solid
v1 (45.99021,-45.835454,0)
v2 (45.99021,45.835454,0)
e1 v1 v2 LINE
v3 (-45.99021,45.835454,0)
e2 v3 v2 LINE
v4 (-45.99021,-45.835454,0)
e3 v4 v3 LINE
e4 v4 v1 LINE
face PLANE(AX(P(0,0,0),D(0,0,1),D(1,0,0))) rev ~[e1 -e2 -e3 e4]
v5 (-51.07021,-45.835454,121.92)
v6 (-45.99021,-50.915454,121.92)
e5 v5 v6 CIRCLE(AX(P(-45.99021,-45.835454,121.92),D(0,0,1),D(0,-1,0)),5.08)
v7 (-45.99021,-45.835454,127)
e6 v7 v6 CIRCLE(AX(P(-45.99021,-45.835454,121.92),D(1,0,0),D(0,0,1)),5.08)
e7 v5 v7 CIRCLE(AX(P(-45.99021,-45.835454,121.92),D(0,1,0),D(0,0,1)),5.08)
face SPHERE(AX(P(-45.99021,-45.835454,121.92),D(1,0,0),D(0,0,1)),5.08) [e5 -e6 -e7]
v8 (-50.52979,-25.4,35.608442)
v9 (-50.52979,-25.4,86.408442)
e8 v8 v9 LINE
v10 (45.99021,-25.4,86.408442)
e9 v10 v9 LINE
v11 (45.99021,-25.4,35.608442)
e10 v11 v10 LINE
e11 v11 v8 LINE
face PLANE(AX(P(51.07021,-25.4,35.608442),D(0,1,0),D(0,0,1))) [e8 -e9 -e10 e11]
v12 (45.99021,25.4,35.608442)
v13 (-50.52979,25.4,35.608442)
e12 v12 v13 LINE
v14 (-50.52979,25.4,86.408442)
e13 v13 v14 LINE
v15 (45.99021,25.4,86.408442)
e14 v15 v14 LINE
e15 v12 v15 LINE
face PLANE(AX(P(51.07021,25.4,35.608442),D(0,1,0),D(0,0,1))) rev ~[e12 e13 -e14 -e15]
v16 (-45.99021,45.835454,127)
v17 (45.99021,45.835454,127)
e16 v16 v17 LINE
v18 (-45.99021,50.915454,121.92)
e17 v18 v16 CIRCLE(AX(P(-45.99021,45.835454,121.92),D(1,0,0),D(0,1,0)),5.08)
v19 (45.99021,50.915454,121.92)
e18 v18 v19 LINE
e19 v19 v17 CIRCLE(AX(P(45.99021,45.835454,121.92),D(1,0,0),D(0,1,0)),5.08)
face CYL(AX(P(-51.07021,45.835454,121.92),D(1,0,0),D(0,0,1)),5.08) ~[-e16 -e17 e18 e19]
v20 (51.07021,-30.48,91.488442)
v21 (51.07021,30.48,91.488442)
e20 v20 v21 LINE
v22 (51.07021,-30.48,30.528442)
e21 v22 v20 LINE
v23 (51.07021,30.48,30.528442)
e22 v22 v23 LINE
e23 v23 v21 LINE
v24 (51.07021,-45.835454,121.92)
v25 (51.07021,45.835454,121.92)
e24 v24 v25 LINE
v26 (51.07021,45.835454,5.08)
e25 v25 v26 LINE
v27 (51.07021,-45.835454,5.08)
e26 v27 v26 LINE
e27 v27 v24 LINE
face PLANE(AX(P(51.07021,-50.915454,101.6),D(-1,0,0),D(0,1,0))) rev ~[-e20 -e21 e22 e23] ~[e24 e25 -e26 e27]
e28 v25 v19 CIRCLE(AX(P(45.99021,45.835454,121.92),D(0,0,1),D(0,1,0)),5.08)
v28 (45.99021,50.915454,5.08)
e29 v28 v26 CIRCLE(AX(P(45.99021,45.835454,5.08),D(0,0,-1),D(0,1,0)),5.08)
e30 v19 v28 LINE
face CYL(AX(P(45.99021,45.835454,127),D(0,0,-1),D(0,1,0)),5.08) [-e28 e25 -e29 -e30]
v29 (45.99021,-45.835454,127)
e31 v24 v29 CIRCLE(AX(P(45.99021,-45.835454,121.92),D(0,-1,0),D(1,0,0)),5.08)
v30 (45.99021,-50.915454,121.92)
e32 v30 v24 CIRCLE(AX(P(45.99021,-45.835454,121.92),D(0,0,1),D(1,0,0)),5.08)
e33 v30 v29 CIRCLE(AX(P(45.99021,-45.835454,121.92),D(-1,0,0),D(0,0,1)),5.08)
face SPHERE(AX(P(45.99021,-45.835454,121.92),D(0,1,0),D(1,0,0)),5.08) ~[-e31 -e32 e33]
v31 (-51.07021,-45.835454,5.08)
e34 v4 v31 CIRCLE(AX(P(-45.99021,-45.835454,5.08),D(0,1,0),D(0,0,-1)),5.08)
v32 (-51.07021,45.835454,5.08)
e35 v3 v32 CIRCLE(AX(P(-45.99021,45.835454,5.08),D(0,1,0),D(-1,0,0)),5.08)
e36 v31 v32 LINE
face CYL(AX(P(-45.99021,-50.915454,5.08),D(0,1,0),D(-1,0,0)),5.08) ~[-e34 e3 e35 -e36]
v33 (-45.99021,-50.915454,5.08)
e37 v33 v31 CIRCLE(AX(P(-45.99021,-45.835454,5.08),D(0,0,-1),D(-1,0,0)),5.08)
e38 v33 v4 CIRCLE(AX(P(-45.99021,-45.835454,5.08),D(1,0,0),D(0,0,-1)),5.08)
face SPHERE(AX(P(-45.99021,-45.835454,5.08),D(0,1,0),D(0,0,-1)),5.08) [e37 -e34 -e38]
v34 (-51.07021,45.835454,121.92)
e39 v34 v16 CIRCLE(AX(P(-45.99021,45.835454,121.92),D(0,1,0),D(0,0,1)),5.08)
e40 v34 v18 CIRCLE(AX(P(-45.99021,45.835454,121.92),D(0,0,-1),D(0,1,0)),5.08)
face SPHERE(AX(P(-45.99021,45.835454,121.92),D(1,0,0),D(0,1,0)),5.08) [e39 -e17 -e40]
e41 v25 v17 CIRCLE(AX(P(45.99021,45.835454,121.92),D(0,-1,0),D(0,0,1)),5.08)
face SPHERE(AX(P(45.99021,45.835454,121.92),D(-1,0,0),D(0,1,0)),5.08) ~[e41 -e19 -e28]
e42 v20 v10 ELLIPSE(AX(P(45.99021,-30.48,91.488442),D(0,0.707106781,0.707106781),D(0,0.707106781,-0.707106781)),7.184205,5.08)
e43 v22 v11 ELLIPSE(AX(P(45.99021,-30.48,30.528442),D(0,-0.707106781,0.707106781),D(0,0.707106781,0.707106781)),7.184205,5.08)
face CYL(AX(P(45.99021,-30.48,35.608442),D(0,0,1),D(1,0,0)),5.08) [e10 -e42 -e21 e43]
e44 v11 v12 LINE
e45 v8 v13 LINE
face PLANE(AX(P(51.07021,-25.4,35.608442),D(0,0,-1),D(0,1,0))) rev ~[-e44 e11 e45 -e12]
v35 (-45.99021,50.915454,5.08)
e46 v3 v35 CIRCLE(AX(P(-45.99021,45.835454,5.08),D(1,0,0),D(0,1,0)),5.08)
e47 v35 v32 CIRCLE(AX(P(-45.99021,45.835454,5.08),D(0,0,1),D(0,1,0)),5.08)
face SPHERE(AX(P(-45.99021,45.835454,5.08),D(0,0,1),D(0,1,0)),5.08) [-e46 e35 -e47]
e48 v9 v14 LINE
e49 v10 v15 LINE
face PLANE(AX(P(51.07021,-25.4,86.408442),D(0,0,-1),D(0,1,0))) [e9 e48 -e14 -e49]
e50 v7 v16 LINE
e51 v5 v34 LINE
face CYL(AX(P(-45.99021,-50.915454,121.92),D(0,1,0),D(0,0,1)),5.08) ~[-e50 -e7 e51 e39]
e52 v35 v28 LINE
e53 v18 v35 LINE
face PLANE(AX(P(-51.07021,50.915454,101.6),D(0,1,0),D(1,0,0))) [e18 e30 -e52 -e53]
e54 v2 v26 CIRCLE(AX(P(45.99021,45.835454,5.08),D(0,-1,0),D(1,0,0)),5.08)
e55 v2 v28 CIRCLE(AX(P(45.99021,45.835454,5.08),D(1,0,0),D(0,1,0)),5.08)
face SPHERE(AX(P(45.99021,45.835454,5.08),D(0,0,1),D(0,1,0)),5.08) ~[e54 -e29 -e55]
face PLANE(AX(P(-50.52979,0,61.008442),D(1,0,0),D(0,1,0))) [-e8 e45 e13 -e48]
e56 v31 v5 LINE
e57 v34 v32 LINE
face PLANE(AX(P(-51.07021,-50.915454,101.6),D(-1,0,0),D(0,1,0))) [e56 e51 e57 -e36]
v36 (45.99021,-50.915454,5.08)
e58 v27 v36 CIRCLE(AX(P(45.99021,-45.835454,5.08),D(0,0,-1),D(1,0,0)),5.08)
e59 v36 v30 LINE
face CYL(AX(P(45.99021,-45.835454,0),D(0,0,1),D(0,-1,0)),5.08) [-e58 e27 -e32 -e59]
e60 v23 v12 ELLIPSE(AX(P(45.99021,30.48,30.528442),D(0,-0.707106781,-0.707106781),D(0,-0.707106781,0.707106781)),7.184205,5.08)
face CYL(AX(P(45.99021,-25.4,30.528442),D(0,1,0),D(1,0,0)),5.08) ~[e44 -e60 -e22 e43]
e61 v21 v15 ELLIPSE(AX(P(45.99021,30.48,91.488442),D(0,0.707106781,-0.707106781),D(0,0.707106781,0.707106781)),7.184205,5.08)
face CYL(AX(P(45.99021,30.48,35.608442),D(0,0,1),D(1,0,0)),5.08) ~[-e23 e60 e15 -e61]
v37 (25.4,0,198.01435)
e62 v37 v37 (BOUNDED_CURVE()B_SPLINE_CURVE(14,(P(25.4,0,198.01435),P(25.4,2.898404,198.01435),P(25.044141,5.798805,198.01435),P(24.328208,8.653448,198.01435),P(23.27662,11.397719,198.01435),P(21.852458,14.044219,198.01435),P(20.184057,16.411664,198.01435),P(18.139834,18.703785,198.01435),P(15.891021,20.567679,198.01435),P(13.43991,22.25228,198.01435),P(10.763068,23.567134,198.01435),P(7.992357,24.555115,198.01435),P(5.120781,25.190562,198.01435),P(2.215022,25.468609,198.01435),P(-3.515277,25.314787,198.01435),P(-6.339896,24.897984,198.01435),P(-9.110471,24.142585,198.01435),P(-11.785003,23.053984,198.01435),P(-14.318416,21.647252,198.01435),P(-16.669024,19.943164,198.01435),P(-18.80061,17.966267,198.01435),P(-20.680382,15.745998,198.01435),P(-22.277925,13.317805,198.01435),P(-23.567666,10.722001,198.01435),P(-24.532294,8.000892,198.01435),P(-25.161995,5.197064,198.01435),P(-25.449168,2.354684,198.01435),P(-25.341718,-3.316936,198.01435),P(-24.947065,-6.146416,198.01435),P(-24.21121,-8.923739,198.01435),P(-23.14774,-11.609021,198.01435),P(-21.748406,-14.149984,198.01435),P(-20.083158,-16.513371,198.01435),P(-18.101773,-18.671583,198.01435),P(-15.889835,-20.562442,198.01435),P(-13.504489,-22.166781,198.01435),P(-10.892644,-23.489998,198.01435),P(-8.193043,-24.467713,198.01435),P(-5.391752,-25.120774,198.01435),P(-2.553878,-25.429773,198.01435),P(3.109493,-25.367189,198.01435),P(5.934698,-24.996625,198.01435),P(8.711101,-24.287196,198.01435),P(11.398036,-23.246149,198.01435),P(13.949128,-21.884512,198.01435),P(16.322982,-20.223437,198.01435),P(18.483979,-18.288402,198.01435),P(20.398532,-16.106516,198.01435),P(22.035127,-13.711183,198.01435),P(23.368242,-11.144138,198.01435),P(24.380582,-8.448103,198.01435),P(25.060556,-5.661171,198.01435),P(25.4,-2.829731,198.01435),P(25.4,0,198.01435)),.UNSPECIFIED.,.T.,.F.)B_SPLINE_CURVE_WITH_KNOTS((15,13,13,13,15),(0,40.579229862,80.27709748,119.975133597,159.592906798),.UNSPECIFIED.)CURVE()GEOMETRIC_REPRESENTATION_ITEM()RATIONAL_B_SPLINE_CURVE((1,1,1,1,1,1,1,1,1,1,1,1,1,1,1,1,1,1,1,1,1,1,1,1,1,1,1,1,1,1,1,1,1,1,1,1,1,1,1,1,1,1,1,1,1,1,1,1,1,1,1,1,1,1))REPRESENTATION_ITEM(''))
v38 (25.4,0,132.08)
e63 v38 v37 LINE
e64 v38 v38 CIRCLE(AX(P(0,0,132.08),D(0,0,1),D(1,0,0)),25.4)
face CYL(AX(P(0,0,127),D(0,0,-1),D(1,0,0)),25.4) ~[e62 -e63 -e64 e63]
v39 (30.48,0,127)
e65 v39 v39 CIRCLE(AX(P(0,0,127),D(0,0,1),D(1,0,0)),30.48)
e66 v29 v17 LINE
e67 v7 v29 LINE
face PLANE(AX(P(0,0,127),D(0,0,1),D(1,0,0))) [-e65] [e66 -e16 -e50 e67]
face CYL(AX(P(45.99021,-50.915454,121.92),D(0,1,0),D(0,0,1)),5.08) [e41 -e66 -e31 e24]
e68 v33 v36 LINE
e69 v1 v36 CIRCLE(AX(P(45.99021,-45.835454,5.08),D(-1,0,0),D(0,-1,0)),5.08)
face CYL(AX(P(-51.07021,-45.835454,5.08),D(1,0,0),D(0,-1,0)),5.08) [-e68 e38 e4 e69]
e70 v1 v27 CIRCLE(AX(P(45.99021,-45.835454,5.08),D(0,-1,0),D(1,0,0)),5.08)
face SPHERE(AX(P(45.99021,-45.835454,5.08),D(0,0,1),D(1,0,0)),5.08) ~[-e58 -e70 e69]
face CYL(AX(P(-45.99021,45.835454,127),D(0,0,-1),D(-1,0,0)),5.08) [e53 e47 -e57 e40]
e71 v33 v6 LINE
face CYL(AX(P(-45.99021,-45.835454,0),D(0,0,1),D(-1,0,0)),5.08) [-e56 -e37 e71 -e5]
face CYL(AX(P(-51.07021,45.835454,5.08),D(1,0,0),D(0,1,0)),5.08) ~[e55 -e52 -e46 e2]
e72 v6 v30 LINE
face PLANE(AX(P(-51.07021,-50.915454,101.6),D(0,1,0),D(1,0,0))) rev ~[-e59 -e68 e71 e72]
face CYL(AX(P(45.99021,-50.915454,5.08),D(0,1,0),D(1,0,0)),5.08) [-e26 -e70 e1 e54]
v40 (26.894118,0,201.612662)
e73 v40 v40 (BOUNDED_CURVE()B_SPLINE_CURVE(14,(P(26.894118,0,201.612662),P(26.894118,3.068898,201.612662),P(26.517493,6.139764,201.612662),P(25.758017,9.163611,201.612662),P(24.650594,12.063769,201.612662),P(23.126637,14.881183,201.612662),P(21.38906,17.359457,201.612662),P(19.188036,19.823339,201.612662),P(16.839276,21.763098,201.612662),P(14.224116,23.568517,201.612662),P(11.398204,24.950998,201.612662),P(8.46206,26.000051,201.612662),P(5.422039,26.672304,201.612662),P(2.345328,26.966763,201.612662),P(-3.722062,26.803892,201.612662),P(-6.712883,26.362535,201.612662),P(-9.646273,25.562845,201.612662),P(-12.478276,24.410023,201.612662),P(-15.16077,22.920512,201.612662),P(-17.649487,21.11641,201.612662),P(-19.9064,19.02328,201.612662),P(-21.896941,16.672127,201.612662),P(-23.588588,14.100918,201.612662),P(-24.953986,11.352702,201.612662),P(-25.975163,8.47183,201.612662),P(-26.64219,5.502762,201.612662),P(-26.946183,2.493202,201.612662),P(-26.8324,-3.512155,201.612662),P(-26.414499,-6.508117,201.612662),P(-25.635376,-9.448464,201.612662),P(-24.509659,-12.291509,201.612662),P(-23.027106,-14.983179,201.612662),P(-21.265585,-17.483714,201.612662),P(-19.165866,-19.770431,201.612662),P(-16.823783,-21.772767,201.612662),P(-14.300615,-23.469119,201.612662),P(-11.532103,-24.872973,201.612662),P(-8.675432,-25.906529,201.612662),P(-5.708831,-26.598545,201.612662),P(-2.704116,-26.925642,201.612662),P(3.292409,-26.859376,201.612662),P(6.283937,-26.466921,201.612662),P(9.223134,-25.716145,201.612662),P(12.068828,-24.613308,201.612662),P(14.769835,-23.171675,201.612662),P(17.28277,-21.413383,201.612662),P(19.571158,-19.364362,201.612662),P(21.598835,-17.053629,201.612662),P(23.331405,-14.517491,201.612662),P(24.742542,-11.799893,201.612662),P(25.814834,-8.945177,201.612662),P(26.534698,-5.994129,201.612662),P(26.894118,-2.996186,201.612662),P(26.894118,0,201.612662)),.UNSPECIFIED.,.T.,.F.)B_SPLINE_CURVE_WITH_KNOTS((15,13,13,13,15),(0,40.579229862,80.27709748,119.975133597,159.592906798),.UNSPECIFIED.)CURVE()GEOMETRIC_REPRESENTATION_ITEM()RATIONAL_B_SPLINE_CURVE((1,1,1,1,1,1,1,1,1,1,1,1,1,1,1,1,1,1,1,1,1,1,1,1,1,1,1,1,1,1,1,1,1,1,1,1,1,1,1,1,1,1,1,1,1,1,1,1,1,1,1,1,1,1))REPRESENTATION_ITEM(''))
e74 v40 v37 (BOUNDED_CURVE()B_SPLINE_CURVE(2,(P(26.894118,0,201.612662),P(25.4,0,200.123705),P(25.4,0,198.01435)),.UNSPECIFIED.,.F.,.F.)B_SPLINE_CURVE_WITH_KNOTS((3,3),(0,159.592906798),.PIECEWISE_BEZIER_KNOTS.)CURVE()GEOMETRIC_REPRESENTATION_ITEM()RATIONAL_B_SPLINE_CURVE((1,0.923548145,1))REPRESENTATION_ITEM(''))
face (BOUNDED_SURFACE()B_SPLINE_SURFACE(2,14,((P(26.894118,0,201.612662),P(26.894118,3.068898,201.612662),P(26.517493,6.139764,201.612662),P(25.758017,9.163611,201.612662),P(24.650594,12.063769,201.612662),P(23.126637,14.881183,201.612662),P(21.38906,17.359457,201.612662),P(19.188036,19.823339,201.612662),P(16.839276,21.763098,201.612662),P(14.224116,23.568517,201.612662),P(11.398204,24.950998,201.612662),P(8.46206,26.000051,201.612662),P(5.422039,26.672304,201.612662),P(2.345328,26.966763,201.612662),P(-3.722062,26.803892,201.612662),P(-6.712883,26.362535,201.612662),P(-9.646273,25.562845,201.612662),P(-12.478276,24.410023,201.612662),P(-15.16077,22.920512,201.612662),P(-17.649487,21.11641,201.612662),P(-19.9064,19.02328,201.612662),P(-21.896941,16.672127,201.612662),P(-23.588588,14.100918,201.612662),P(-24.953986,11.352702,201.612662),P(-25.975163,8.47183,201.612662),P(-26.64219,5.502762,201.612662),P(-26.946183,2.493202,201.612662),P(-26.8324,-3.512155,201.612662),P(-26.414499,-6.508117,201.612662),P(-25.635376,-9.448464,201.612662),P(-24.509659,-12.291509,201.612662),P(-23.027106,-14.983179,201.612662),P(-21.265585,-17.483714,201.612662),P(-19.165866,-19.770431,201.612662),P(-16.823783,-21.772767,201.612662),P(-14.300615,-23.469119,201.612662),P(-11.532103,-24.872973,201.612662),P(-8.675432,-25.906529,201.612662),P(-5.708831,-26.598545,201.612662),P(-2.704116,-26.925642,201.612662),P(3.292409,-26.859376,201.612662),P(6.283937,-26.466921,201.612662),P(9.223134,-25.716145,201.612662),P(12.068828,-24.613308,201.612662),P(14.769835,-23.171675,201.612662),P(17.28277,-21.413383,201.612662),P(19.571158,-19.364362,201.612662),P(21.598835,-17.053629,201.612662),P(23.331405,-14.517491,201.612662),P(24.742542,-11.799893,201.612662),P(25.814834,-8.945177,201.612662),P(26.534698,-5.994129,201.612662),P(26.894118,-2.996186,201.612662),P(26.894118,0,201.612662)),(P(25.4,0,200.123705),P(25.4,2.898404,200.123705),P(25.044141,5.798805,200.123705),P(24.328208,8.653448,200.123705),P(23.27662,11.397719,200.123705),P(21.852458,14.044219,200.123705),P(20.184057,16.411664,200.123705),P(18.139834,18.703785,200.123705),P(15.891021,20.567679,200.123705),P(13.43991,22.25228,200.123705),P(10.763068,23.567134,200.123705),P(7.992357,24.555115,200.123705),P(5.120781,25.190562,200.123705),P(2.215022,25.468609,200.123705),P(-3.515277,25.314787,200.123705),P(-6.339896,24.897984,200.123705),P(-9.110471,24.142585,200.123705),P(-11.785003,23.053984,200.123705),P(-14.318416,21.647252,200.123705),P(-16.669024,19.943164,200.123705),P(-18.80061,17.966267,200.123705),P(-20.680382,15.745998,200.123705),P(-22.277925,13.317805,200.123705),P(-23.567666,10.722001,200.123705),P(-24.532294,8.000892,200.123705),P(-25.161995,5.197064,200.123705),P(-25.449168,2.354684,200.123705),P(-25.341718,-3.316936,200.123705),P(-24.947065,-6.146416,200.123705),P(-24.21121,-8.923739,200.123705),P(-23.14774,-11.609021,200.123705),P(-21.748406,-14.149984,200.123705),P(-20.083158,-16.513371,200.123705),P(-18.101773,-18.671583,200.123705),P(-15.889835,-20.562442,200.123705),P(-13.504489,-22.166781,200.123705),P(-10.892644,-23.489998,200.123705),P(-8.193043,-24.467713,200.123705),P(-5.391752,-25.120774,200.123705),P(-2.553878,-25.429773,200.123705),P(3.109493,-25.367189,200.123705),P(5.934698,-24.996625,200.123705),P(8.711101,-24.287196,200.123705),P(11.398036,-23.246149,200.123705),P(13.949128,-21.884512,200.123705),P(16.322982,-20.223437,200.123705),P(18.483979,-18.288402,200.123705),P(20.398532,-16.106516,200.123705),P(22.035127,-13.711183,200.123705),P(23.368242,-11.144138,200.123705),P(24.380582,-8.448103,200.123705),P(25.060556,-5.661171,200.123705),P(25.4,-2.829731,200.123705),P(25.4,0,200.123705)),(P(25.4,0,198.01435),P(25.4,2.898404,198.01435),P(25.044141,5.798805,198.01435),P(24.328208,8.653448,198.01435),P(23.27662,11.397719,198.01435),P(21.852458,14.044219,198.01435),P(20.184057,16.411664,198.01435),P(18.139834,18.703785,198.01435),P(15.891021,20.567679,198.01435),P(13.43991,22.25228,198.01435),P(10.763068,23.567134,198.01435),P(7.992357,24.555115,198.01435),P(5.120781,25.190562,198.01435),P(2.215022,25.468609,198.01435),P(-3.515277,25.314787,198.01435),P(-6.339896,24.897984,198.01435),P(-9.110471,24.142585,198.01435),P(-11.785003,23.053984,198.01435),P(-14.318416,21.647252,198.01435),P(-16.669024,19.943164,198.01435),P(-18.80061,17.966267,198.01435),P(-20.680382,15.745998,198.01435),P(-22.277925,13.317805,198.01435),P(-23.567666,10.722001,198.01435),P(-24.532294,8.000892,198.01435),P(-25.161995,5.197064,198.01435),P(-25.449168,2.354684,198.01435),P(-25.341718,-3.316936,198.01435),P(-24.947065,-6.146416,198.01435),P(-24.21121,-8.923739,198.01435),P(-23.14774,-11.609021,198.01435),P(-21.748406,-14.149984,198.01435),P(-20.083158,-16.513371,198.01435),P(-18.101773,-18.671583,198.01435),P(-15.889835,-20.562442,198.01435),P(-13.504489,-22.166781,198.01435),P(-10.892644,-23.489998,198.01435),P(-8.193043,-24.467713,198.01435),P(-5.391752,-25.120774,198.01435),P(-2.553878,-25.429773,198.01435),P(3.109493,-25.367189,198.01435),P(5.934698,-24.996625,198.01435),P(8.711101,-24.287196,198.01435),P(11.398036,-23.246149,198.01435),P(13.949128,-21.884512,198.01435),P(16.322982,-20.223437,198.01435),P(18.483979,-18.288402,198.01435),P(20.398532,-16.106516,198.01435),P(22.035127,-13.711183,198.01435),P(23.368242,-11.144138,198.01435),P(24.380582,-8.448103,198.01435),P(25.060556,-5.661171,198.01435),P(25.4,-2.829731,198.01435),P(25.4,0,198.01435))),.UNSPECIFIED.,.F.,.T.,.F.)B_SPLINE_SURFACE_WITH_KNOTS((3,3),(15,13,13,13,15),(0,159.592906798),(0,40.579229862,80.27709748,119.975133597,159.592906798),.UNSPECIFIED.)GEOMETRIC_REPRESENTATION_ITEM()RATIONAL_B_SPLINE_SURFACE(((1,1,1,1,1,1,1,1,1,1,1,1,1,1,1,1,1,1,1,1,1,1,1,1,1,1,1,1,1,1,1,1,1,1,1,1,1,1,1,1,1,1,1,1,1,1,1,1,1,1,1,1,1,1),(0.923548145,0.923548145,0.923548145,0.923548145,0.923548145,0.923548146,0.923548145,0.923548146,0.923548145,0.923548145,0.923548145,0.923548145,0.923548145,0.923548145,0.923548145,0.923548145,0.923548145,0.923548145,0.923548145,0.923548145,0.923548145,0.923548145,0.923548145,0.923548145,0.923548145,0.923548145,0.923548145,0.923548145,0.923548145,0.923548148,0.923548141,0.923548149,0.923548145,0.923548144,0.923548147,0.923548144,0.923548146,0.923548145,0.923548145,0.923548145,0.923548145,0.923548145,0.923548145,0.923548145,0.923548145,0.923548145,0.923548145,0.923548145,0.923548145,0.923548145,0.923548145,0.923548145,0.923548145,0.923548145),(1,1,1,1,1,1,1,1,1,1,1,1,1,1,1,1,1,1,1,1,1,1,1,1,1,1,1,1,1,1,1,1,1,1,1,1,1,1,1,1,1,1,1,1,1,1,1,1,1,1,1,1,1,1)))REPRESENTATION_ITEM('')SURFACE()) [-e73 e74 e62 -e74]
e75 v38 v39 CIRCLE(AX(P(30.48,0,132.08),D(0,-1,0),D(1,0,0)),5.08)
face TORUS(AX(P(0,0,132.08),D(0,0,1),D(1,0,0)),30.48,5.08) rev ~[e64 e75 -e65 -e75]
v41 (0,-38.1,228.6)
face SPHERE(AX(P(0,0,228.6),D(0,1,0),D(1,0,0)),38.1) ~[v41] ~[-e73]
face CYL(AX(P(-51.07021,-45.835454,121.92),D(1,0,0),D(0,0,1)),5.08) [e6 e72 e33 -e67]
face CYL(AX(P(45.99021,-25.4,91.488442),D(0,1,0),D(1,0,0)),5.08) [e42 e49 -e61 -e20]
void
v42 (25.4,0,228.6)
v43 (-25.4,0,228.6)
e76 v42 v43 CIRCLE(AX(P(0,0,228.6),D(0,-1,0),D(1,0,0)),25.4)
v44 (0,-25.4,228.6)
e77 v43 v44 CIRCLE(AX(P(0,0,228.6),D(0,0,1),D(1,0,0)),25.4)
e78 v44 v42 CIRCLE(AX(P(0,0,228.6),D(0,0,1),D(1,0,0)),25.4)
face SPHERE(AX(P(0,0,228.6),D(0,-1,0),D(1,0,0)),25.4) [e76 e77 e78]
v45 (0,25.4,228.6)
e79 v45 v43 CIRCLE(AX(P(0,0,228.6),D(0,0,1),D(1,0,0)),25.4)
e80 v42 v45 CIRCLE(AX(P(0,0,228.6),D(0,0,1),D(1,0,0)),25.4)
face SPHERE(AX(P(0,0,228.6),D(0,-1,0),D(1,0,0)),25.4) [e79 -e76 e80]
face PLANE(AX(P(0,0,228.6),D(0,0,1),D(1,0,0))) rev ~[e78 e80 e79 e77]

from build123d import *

# Parameters (mm, degrees)
F0_W     = 102.1404191852
F0_H     = 101.830907166
F1_DEPTH = 101.6
F2_DEPTH = 25.4
F3_R     = 25.4
F4_DEPTH = 101.6
F7_W     = 50.8
F7_H     = 50.8
F8_DEPTH = 101.6
F9_R     = 5.08


with BuildPart() as f1:
    # F0 (on Top) → F1 (new body)
    with BuildSketch(Plane.XY):
        Rectangle(F0_W, F0_H)
    extrude(amount=F1_DEPTH)

    # F2 (add): a face of the model
    f2_faces = [f1.faces().sort_by_distance(p)[0] for p in [
        (0, 0, 101.6),
    ]]
    extrude(f2_faces, amount=F2_DEPTH)

    # F3 (on face) → F4 (join)
    with BuildSketch(Plane.XY.offset(127)):
        Circle(F3_R)
    extrude(amount=F4_DEPTH)

    # F5 (on face) → F6 (revolve)
    with BuildSketch(Plane.XY.offset(228.6)):
        with BuildLine():
            Line((0, -25.4), (0, -38.1))
            ThreePointArc((0, -38.1), (38.1, 0), (0, 38.1))
            Line((0, 38.1), (0, 25.4))
            ThreePointArc((0, 25.4), (17.9605122421, 17.9605122421), (25.4, 0))
            ThreePointArc((25.4, 0), (17.9605122421, -17.9605122421), (0, -25.4))
        make_face()
    revolve(axis=Axis((0, 0, 228.6), (0, -1, 0)))

    # F7 (on face) → F8 (cut)
    with BuildSketch(Plane.YZ.offset(51.0702095926)):
        with Locations((0, 61.0084416688)):
            Rectangle(F7_W, F7_H)
    extrude(amount=-F8_DEPTH, mode=Mode.SUBTRACT)

    # F9
    f9_edges = [f1.edges().sort_by_distance(p)[0] for p in [
        (0, 50.915454, 127),
        (51.07021, 50.915454, 63.5),
        (-51.07021, 50.915454, 63.5),
        (0, 50.915454, 0),
        (51.07021, 0, 127),
        (51.07021, -50.915454, 63.5),
        (51.07021, 0, 0),
        (51.07021, 0, 86.408442),
        (51.07021, 25.4, 61.008442),
        (51.07021, 0, 35.608442),
        (51.07021, -25.4, 61.008442),
        (-51.07021, 0, 0),
        (0, -50.915454, 0),
        (0, -50.915454, 127),
        (-51.07021, 0, 127),
        (-51.07021, -50.915454, 63.5),
        (-25.4, 0, 200.201937),
        (-25.4, 0, 127),
        (25.4, 0, 163.600968),
    ]]
    fillet(f9_edges, radius=F9_R)


solid = f1.part
